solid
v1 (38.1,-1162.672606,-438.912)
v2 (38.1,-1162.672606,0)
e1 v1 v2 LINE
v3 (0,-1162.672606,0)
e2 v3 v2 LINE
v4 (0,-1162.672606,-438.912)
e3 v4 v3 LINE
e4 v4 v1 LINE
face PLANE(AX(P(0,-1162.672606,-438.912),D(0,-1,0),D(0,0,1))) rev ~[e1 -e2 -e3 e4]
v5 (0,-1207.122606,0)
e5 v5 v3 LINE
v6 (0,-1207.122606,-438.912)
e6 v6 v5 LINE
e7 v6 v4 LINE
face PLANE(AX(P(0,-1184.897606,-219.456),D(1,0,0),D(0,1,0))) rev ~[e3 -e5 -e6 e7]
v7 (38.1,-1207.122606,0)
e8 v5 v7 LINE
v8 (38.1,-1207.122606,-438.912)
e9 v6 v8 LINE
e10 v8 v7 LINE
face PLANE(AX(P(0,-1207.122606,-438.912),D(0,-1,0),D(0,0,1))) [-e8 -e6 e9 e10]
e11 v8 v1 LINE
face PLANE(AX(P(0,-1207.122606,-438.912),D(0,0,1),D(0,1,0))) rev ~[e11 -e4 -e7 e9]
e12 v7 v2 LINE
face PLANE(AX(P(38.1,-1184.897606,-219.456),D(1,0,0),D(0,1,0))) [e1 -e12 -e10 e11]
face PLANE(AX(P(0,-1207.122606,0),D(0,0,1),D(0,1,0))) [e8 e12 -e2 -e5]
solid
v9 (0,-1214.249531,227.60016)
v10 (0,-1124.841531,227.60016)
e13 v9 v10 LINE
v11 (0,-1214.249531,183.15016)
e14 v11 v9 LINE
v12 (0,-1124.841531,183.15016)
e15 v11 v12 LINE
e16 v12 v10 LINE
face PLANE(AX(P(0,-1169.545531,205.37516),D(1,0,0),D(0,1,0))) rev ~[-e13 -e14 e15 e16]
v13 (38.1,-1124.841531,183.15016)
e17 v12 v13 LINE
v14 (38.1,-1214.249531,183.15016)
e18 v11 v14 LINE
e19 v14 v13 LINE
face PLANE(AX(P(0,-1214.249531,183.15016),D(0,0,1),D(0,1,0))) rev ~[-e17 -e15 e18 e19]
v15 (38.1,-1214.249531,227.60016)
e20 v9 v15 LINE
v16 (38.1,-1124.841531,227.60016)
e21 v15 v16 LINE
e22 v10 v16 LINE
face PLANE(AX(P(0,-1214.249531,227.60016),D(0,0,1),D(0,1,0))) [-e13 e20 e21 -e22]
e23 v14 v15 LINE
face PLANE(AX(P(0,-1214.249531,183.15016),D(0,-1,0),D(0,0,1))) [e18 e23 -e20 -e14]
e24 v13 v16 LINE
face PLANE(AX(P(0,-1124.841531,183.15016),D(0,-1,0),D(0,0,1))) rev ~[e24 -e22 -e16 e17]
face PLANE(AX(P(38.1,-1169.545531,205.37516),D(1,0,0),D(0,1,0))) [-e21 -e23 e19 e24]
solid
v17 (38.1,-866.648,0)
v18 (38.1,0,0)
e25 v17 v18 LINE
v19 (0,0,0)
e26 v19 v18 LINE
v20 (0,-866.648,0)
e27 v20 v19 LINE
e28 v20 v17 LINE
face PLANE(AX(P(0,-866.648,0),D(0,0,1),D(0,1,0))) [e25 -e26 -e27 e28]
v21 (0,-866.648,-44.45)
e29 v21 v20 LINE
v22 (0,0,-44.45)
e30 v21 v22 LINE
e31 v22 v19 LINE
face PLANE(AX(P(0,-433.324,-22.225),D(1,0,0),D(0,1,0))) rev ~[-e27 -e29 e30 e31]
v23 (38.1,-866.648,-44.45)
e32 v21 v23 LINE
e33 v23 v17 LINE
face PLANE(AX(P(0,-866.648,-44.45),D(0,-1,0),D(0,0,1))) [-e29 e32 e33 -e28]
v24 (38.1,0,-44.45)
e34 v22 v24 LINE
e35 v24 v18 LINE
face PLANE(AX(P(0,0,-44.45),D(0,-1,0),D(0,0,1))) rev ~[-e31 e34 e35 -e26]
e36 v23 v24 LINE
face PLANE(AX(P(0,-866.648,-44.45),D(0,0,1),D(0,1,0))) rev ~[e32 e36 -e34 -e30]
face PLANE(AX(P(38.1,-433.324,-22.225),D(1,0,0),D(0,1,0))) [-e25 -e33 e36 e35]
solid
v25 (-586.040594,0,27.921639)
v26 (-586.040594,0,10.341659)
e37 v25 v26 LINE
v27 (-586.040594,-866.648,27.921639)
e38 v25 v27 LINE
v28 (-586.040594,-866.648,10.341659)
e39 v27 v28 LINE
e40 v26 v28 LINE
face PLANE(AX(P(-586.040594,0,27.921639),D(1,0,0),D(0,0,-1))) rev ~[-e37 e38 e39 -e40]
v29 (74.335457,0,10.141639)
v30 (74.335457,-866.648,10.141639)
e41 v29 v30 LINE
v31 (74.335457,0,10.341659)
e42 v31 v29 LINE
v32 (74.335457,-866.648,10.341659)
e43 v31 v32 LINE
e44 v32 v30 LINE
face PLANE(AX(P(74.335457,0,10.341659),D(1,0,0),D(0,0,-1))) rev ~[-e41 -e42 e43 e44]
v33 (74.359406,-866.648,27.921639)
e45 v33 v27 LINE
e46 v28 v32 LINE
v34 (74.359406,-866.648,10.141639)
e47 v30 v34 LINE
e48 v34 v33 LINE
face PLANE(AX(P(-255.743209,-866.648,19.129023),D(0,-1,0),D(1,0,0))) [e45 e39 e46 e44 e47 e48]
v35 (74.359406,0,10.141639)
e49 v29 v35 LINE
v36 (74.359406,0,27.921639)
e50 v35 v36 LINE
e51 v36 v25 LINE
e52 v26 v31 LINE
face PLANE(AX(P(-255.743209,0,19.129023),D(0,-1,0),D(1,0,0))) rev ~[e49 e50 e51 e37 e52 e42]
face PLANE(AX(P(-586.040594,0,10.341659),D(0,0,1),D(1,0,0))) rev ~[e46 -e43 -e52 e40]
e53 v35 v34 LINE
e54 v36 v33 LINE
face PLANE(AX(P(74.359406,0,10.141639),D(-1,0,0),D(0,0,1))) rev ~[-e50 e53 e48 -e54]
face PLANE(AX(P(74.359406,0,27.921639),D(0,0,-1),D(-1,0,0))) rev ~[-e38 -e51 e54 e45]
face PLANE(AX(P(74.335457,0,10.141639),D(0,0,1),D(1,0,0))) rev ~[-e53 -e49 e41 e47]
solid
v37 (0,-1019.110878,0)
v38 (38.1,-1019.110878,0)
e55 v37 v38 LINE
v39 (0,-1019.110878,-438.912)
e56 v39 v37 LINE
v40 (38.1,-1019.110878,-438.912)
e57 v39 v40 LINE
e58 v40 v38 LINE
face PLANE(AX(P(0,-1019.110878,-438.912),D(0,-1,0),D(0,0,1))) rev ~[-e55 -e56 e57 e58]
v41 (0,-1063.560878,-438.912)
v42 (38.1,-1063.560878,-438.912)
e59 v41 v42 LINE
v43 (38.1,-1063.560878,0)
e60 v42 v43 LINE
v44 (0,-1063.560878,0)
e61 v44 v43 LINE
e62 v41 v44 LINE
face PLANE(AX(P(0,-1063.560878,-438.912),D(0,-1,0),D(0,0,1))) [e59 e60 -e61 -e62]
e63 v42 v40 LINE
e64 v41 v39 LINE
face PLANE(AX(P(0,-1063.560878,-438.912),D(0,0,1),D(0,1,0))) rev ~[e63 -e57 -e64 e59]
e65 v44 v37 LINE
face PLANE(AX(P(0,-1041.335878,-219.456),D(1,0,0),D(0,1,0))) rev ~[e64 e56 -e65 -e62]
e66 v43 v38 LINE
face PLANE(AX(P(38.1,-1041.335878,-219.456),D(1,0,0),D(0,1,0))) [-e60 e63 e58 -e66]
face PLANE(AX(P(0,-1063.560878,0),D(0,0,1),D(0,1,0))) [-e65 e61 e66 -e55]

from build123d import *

# Parameters (mm, degrees)
F1_DEPTH  = 866.648
F3_W      = 866.648
F3_H      = 44.45
F4_DEPTH  = 38.1
F6_W      = 44.45
F6_H      = 438.912
F7_DEPTH  = 38.1
F5_W      = 44.45
F5_H      = 438.912
F8_DEPTH  = 38.1
F9_W      = 89.408
F9_H      = 44.45
F10_DEPTH = 38.1


with BuildPart() as f1:
    # F0 (on Front) → F1 (new body)
    with BuildSketch(Plane.XZ):
        Polygon((74.3594063997, 27.9216392498), (-586.0405936003, 27.9216392498), (-586.0405936003, 10.3416586194), (74.3354565084, 10.3416586194), (74.3354565084, 10.1416392498), (74.3594063997, 10.1416392498), align=None)
    extrude(amount=F1_DEPTH)


with BuildPart() as f1b:
    # F0 (on Front) → F1, piece 2 (new body)
    with BuildSketch(Plane.XZ):
        Polygon((-586.0405936003, 10.1416392498), (-586.0405936003, 10.3416586194), (-586.0645434916, 10.3416586194), (-586.0645434916, -3.8823413806), (74.3354565084, -3.8823413806), (74.3354565084, 10.1416392498), align=None)
    extrude(amount=F1_DEPTH)


with BuildPart() as f4:
    # F3 (on Right) → F4 (new body)
    with BuildSketch(Plane.YZ):
        with Locations((-433.324, -22.225)):
            Rectangle(F3_W, F3_H)
    extrude(amount=F4_DEPTH)


with BuildPart() as f7:
    # F6 (on Right) → F7 (new body)
    with BuildSketch(Plane.YZ):
        with Locations((-1184.8976058226, -219.456)):
            Rectangle(F6_W, F6_H)
    extrude(amount=F7_DEPTH)


with BuildPart() as f8:
    # F5 (on Right) → F8 (new body)
    with BuildSketch(Plane.YZ):
        with Locations((-1041.3358775639, -219.456)):
            Rectangle(F5_W, F5_H)
    extrude(amount=F8_DEPTH)


with BuildPart() as f10:
    # F9 (on Right) → F10 (new body)
    with BuildSketch(Plane.YZ):
        with Locations((-1169.5455312729, 205.3751596894)):
            Rectangle(F9_W, F9_H)
    extrude(amount=F10_DEPTH)


solid = Compound([f1.part, f4.part, f7.part, f8.part, f10.part])
